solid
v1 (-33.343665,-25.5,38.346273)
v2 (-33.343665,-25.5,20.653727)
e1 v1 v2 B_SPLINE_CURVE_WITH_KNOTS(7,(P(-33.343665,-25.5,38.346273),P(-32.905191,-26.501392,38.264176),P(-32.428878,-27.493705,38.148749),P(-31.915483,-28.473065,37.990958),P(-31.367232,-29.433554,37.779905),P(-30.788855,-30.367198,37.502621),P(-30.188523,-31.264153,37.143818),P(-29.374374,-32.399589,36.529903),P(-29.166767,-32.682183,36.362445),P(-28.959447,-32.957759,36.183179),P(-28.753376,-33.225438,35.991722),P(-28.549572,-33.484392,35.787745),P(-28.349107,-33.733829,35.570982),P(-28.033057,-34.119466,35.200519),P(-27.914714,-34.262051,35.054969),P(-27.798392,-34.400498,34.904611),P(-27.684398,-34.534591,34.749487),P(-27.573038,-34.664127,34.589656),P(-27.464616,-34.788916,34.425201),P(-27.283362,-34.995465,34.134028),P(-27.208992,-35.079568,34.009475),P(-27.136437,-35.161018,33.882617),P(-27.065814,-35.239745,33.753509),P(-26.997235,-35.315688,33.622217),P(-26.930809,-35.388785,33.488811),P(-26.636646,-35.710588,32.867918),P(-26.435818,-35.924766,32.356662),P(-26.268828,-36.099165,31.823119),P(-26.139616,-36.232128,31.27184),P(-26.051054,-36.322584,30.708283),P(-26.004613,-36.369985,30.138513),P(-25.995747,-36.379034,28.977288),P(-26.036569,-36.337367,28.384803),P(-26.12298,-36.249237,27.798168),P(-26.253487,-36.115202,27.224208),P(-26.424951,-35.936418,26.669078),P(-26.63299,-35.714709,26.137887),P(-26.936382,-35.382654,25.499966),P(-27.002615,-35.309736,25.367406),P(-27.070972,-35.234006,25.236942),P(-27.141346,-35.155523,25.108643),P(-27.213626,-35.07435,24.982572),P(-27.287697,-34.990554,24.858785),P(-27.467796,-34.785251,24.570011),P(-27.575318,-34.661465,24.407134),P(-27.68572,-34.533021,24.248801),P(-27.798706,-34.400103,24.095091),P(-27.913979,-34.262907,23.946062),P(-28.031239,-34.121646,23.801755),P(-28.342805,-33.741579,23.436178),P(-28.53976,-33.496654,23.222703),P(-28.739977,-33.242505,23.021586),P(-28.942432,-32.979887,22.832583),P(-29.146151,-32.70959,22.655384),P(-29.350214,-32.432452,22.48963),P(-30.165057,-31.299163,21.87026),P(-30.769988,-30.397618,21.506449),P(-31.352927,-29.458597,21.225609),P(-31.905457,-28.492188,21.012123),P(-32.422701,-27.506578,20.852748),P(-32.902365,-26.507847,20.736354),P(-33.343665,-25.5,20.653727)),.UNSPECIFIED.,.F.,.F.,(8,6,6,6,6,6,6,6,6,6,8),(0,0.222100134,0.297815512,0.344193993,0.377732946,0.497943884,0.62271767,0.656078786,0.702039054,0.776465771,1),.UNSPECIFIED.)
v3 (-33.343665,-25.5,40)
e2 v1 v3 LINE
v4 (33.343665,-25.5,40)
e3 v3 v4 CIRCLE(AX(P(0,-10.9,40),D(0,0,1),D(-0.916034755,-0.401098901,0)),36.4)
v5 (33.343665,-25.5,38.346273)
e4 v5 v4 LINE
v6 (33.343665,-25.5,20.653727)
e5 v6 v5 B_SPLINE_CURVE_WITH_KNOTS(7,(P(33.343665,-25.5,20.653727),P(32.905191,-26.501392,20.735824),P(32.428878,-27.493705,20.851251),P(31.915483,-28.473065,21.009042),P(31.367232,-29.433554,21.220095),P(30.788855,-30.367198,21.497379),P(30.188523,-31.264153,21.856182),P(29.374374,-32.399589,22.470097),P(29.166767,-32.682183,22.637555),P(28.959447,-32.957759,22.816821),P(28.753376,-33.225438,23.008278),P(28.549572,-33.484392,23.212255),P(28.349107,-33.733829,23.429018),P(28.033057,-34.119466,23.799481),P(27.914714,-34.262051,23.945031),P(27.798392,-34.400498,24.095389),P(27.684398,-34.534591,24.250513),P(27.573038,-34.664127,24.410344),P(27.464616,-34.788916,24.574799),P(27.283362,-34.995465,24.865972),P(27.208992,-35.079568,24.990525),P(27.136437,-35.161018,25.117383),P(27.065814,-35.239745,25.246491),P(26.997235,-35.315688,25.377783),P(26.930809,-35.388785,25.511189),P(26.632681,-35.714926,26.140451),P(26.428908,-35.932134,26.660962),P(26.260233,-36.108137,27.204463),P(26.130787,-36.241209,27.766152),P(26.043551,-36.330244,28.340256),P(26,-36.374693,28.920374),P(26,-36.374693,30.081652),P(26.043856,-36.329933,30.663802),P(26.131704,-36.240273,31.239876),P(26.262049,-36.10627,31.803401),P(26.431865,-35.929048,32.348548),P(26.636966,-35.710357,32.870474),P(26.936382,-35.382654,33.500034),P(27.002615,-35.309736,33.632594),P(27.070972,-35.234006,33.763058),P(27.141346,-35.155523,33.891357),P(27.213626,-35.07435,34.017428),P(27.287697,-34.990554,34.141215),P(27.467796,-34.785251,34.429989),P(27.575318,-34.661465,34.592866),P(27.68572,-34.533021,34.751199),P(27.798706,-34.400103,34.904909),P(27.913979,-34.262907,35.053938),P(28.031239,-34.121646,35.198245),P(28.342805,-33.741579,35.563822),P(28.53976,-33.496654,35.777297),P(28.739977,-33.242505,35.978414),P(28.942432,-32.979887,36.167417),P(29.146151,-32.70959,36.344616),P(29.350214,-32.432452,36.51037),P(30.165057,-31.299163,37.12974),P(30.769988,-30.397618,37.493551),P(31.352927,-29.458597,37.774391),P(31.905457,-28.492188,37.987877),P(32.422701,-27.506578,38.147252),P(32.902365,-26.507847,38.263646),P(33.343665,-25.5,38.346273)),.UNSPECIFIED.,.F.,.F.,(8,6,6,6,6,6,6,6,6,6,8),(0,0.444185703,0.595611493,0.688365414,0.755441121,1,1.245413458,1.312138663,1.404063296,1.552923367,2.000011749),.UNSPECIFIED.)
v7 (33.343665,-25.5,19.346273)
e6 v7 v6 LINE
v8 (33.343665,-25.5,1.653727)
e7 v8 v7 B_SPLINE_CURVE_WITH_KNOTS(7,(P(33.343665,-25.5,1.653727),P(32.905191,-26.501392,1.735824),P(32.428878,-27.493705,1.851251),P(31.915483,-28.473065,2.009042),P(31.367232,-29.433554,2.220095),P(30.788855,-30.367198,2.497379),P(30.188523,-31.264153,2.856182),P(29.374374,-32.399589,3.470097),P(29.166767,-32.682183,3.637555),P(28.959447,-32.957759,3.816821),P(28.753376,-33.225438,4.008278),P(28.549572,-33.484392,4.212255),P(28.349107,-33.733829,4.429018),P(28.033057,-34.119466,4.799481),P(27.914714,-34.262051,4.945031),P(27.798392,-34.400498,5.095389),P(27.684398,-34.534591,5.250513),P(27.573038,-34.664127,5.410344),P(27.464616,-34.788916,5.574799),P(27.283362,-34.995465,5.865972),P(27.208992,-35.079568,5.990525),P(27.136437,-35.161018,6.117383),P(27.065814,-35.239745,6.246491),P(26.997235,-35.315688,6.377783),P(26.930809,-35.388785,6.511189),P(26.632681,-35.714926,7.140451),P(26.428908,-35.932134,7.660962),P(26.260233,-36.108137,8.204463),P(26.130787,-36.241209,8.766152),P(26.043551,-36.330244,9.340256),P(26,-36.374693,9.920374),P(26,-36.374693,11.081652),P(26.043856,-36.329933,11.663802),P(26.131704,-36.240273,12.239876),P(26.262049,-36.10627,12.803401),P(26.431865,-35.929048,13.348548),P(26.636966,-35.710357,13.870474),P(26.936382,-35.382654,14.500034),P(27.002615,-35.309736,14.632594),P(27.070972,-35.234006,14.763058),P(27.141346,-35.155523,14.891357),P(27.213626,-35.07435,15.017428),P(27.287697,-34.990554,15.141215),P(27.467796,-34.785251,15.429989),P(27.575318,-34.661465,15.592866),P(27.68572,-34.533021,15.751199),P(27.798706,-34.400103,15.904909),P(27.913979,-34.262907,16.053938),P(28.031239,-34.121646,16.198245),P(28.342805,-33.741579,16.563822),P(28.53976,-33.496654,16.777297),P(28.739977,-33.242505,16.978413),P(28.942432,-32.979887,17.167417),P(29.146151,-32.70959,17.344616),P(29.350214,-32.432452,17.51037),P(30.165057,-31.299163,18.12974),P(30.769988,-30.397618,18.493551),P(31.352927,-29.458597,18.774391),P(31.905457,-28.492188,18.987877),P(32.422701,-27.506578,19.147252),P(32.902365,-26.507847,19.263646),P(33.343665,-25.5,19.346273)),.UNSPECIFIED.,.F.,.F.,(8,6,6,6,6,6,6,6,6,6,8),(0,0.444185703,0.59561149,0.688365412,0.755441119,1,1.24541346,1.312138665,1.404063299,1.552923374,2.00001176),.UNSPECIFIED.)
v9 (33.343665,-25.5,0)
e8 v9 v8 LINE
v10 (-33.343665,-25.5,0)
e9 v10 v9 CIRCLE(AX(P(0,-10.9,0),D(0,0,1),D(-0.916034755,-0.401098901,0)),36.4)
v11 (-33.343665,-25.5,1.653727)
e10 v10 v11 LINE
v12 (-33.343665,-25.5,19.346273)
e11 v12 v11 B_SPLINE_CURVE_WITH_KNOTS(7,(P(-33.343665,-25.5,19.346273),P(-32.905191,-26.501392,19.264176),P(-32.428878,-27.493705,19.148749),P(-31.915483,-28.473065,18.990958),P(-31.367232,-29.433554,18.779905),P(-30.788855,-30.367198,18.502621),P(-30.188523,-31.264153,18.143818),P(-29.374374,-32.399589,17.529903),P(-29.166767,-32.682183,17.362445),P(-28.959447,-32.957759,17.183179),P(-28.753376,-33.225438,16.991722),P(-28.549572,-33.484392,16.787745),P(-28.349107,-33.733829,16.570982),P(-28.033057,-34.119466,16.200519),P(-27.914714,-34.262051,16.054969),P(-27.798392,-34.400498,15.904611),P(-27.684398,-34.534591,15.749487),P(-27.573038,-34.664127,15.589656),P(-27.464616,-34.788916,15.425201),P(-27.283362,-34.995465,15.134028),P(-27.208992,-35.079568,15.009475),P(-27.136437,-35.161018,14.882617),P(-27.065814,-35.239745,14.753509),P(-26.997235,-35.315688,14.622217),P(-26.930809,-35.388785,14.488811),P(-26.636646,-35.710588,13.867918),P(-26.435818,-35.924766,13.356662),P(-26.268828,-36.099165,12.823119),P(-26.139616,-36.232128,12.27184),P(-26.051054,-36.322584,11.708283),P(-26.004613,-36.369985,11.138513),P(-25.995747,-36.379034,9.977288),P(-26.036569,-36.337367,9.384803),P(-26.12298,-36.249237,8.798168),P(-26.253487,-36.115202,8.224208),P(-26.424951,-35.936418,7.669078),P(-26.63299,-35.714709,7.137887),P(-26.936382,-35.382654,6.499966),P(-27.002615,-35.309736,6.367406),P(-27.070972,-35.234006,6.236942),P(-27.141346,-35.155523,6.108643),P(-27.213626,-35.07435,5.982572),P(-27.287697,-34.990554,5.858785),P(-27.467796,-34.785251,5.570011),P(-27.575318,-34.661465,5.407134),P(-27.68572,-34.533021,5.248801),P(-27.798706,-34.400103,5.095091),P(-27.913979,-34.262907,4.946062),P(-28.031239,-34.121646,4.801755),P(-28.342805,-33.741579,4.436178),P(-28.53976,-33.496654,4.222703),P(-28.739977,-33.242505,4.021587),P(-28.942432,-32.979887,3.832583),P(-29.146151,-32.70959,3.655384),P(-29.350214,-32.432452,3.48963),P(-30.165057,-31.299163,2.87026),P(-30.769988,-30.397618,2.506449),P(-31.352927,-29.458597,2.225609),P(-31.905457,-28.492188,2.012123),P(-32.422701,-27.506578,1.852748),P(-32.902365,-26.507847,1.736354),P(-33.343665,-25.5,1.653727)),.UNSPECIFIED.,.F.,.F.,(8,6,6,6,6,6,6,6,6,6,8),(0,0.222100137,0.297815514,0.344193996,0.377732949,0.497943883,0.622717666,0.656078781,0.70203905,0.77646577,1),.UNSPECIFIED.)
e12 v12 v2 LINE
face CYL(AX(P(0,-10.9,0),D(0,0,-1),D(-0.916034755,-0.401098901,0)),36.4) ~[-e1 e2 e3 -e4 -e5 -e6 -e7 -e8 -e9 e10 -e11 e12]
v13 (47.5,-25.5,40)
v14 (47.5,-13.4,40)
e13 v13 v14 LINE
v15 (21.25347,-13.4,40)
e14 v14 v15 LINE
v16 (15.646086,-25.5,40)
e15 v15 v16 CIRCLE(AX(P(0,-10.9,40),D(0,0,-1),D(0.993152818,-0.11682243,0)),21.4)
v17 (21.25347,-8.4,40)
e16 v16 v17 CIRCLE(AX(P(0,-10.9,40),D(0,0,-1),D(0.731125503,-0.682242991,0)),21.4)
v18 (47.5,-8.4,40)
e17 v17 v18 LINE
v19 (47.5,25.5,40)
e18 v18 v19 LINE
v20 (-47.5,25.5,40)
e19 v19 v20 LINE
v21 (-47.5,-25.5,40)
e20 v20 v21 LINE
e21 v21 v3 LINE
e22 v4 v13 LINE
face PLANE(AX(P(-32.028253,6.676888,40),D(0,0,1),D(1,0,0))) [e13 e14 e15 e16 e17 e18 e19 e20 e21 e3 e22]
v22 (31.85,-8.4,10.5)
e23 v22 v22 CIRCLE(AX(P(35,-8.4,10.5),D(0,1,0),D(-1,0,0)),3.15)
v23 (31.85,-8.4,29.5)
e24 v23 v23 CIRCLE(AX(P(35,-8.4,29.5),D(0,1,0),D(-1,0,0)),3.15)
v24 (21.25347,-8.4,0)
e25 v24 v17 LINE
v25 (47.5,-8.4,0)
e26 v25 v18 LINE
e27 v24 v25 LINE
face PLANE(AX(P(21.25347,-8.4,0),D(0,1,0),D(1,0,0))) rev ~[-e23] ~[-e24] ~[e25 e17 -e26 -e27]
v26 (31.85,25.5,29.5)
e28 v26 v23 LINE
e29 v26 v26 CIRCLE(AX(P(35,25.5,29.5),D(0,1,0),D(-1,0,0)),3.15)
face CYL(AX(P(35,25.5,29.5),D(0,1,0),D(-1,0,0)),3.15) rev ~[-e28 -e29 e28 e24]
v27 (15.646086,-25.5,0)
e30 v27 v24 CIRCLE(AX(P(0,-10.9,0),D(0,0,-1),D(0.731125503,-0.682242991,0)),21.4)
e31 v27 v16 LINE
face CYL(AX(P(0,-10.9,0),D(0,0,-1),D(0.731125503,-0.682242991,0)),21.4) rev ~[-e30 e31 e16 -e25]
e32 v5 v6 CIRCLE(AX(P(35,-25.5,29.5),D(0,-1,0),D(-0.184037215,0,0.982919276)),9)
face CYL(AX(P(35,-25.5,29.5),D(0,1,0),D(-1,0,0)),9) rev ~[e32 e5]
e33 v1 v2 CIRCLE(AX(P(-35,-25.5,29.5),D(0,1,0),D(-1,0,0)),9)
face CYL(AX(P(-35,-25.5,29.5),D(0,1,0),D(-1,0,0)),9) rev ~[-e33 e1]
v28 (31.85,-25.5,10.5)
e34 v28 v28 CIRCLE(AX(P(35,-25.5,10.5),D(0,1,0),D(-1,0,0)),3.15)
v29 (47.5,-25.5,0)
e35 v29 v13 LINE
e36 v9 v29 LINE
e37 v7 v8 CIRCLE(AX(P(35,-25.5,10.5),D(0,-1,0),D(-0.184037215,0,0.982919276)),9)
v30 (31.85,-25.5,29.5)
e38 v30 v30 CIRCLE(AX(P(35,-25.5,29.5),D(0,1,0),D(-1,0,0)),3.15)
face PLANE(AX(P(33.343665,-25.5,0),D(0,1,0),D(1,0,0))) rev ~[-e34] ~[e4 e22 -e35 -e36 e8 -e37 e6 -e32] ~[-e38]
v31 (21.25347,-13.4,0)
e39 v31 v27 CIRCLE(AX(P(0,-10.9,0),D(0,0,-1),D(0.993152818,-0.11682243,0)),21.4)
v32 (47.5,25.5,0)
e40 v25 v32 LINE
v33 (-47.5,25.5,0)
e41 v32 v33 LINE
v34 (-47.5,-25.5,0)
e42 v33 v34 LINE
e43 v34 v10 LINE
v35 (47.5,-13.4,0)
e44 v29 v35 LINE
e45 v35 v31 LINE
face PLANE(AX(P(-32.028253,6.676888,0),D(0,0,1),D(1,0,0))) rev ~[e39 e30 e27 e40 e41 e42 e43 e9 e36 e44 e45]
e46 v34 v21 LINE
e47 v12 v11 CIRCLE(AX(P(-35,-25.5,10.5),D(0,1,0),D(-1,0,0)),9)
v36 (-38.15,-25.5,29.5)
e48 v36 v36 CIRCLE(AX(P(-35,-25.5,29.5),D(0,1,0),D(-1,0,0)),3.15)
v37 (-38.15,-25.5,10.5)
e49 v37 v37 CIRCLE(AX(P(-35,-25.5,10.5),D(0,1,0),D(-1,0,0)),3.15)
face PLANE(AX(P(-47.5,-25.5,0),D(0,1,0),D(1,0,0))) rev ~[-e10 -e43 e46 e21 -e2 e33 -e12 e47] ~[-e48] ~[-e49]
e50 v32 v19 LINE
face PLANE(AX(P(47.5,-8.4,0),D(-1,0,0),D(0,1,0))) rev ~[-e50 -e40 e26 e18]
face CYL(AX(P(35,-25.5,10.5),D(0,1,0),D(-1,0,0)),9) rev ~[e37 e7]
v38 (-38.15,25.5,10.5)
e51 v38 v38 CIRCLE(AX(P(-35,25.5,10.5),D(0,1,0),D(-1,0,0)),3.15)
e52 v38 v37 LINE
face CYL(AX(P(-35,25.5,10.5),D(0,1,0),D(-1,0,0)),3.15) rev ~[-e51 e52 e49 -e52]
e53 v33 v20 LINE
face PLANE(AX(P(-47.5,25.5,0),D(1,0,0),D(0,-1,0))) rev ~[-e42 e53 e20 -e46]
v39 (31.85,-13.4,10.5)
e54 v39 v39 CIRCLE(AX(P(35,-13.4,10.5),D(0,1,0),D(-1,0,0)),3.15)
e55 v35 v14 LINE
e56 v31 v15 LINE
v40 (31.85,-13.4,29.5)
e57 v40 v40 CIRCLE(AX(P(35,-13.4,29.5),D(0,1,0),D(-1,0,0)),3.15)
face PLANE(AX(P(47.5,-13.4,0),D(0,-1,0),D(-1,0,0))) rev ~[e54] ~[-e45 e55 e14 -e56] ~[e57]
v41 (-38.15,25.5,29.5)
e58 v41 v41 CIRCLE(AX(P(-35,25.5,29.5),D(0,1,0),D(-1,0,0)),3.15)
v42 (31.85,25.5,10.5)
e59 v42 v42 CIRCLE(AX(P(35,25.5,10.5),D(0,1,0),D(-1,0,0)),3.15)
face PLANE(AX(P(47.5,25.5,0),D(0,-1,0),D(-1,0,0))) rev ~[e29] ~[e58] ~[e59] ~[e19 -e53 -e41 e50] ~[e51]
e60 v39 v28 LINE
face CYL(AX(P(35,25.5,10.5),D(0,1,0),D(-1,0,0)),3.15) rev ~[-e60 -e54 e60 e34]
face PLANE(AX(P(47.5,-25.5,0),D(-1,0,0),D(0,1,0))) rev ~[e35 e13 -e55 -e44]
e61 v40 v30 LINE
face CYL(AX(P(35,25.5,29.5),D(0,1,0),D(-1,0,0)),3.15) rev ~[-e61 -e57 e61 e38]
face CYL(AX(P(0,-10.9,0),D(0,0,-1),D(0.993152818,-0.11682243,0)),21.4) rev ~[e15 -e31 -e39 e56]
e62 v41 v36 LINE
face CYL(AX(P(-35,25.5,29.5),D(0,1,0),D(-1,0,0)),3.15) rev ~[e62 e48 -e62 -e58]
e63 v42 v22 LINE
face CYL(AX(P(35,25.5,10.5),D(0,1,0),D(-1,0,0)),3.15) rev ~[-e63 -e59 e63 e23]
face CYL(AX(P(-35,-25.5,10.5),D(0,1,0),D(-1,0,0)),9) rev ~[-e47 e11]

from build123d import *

# Parameters (mm, degrees)
F1_DEPTH = 40
F2_R     = 3.15
F3_DEPTH = 72.801
F4_START = -51
F2_R_2   = 9
F4_DEPTH = 21.8010001


with BuildPart() as f1:
    # F0 (on Top) → F1 (new body)
    with BuildSketch(Plane.XY):
        with BuildLine():
            Line((-47.5, -25.5), (-33.3436650655, -25.5))
            ThreePointArc((-33.3436650655, -25.5), (-30.4663749074, 9.0188353073), (0, 25.5))
            Line((0, 25.5), (-47.5, 25.5))
            Line((-47.5, 25.5), (-47.5, -25.5))
        make_face()
        with BuildLine():
            Line((36.3140468689, -8.4), (47.5, -8.4))
            Line((47.5, -8.4), (47.5, 25.5))
            Line((47.5, 25.5), (0, 25.5))
            ThreePointArc((0, 25.5), (24.8390821086, 15.7078935656), (36.3140468689, -8.4))
        make_face()
        with BuildLine():
            ThreePointArc((0, 25.5), (-30.4663749074, 9.0188353073), (-33.3436650655, -25.5))
            Line((-33.3436650655, -25.5), (-15.6460857725, -25.5))
            ThreePointArc((-15.6460857725, -25.5), (-8.9979547856, 8.5164056838), (21.2534703049, -8.4))
            Line((21.2534703049, -8.4), (36.3140468689, -8.4))
            ThreePointArc((36.3140468689, -8.4), (24.8390821086, 15.7078935656), (0, 25.5))
        make_face()
        with BuildLine():
            Line((15.6460857725, -25.5), (33.3436650655, -25.5))
            ThreePointArc((33.3436650655, -25.5), (35.3504131233, -19.5780350319), (36.3140468689, -13.4))
            Line((36.3140468689, -13.4), (21.2534703049, -13.4))
            ThreePointArc((21.2534703049, -13.4), (19.4164056838, -19.8979547856), (15.6460857725, -25.5))
        make_face()
        with BuildLine():
            ThreePointArc((-33.3436650655, -25.5), (0, -47.3), (33.3436650655, -25.5))
            Line((33.3436650655, -25.5), (15.6460857725, -25.5))
            ThreePointArc((15.6460857725, -25.5), (0, -32.3), (-15.6460857725, -25.5))
            Line((-15.6460857725, -25.5), (-33.3436650655, -25.5))
        make_face()
        with BuildLine():
            Line((33.3436650655, -25.5), (47.5, -25.5))
            Line((47.5, -25.5), (47.5, -13.4))
            Line((47.5, -13.4), (36.3140468689, -13.4))
            ThreePointArc((36.3140468689, -13.4), (35.3504131233, -19.5780350319), (33.3436650655, -25.5))
        make_face()
    extrude(amount=F1_DEPTH)

    # F2 (on face) → F3 (cut, through all)
    with BuildSketch(Plane(origin=(0, 25.5, 0), x_dir=(-1, 0, 0), z_dir=(0, 1, 0))):
        with Locations((-35, 29.5)):
            Circle(F2_R)
        with Locations((-35, 10.5)):
            Circle(F2_R)
        with Locations((35, 29.5)):
            Circle(F2_R)
        with Locations((35, 10.5)):
            Circle(F2_R)
    extrude(amount=-F3_DEPTH, mode=Mode.SUBTRACT)

    # F2 (on face) → F4 (cut)
    with BuildSketch(Plane(origin=(0, 25.5, 0), x_dir=(-1, 0, 0), z_dir=(0, 1, 0)).offset(F4_START)):
        with Locations((-35, 29.5)):
            Circle(F2_R_2)
        with Locations((-35, 29.5)):
            Circle(F2_R, mode=Mode.SUBTRACT)
        with Locations((-35, 10.5)):
            Circle(F2_R_2)
        with Locations((-35, 10.5)):
            Circle(F2_R, mode=Mode.SUBTRACT)
        with Locations((35, 10.5)):
            Circle(F2_R_2)
        with Locations((35, 10.5)):
            Circle(F2_R, mode=Mode.SUBTRACT)
        with Locations((35, 29.5)):
            Circle(F2_R_2)
        with Locations((35, 29.5)):
            Circle(F2_R, mode=Mode.SUBTRACT)
    extrude(amount=-F4_DEPTH, mode=Mode.SUBTRACT)


solid = f1.part
